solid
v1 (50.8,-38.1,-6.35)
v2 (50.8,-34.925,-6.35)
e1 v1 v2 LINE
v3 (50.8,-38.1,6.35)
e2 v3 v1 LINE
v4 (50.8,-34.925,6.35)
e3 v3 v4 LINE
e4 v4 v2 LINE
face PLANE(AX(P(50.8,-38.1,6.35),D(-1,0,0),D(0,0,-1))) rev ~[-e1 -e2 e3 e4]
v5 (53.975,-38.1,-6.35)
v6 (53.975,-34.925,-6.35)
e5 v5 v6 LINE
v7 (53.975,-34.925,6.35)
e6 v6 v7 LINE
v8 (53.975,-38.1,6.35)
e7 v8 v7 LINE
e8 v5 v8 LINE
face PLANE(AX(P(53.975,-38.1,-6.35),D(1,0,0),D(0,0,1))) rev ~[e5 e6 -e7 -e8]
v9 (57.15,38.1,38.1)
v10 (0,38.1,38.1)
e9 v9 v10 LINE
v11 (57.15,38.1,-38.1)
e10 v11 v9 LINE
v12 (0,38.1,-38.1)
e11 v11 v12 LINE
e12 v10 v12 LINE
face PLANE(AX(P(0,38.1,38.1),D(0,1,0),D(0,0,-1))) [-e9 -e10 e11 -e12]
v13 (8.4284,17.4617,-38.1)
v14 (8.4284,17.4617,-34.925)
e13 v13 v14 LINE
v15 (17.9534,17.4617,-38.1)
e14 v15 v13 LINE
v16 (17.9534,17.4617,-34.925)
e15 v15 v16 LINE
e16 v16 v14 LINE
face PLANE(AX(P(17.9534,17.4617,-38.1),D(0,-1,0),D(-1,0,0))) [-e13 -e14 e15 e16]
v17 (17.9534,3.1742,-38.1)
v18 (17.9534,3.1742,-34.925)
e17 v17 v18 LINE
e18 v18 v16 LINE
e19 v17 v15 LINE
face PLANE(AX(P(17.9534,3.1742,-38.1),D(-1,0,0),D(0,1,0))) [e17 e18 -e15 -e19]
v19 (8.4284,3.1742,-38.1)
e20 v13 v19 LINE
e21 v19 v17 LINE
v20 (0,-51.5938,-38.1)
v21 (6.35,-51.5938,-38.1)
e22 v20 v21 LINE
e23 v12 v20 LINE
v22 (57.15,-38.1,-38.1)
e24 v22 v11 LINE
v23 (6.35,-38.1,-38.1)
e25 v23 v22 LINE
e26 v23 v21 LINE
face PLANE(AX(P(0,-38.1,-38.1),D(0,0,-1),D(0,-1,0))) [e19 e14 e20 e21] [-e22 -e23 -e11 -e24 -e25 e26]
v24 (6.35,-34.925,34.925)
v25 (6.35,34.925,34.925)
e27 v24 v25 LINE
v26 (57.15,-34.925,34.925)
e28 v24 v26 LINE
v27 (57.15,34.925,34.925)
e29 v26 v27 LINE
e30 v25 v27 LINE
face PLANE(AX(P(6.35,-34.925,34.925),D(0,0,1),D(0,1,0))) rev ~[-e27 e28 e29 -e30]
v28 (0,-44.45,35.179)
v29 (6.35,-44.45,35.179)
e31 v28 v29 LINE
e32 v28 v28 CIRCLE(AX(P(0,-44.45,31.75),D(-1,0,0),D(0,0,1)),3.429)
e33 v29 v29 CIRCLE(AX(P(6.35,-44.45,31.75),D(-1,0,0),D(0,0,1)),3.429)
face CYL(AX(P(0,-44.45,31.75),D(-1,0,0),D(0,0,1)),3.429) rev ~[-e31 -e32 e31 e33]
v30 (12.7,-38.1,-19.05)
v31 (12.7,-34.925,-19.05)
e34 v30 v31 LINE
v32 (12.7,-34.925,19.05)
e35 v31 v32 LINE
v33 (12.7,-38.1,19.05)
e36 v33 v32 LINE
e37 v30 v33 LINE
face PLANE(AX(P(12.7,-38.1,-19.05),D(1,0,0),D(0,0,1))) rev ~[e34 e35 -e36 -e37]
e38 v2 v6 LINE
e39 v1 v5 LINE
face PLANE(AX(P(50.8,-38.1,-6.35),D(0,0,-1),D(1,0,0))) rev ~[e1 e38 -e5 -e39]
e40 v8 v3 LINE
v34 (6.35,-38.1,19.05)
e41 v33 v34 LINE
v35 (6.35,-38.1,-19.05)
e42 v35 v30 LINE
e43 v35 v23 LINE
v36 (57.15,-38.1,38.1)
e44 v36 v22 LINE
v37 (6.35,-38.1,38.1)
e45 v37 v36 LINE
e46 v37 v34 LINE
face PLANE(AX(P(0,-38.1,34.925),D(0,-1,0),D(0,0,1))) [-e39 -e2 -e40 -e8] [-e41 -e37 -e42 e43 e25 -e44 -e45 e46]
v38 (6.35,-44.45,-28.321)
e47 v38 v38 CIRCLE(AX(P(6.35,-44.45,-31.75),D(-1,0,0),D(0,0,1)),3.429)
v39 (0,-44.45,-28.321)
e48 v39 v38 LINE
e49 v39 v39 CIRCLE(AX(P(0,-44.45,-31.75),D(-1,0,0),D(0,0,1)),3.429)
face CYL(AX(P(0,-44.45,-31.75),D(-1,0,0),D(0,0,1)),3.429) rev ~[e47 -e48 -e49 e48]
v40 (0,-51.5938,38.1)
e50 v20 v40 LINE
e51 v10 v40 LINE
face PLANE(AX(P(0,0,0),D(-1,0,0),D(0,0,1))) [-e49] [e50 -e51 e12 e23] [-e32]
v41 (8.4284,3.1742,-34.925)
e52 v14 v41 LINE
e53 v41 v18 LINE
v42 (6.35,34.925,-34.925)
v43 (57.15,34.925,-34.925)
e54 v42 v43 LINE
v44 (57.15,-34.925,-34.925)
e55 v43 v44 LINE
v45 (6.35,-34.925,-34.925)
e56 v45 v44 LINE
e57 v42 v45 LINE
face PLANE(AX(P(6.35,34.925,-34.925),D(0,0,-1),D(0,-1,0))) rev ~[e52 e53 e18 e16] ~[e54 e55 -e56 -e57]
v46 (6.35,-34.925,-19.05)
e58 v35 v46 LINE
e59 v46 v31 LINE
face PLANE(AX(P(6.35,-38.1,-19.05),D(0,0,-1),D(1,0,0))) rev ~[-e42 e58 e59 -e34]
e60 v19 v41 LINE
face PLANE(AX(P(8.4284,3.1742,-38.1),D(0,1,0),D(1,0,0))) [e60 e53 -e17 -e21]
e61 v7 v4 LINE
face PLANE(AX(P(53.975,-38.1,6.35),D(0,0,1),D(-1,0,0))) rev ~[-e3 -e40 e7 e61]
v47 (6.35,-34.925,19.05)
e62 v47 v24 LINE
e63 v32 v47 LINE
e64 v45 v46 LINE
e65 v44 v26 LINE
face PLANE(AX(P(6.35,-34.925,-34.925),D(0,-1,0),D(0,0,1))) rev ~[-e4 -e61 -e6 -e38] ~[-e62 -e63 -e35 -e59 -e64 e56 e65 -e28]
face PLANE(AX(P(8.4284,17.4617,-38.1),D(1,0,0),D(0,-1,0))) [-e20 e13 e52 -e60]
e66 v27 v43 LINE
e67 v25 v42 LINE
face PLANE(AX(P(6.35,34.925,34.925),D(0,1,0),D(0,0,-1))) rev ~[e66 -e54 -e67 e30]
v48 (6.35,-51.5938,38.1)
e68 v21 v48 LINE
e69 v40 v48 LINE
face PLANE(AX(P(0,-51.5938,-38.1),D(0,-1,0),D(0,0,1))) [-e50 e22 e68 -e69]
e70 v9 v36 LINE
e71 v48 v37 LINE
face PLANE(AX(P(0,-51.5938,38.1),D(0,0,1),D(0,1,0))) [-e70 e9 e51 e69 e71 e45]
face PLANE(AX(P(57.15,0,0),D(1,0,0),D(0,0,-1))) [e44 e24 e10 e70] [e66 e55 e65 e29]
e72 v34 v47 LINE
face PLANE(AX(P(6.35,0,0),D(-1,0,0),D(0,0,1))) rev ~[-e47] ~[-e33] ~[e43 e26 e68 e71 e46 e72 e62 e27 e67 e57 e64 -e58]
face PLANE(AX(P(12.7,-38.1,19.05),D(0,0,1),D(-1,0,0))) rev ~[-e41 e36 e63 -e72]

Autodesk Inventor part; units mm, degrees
ref_plane "YZ Plane" through (0, 0, 0) normal (1, 0, 0) x (0, 1, 0)
ref_plane "XZ Plane" through (0, 0, 0) normal (0, 1, 0) x (-1, 0, 0)
ref_plane "XY Plane" through (0, 0, 0) normal (0, 0, 1) x (1, 0, 0)
sketch "Sketch1" plane through (0, 0, 0) normal (1, 0, 0) x (0, 1, 0)
  line L0 (-38.1, 38.1) -> (38.1, 38.1)
  line L1 (38.1, 38.1) -> (38.1, -38.1)
  line L2 (38.1, -38.1) -> (-38.1, -38.1)
  line L3 (-38.1, -38.1) -> (-38.1, 38.1)
  line L4 (-38.1, 38.1) -> (0, 38.1)
  line L5 (-38.1, 34.925) -> (-38.1, 38.1)
  point P0 (0, 0)
  dimension "d0" = 76.2
  dimension "d1" = 76.2
  dimension "d2" = 38.1
  dimension "d3" = 38.1
extrude "Extrusion1" add sketch "Sketch1" along normal blind 6.35
sketch "Sketch2" plane through (6.35, 0, 0) normal (1, 0, 0) x (0, 0, -1)
  line L0 (-34.925, 34.925) -> (34.925, 34.925)
  line L1 (34.925, 34.925) -> (34.925, -34.925)
  line L2 (34.925, -34.925) -> (-34.925, -34.925)
  line L3 (-34.925, -34.925) -> (-34.925, 34.925)
  line L4 (38.1, 38.1) -> (-38.1, 38.1) projected
  line L5 (38.1, -38.1) -> (38.1, 38.1) projected
  line L6 (-38.1, 38.1) -> (-38.1, -38.1) projected
  line L7 (-38.1, -38.1) -> (38.1, -38.1) projected
  point P0 (0, 0)
  dimension "d6" = 3.175
  dimension "d7" = 3.175
  dimension "d8" = 3.175
  dimension "d9" = 3.175
extrude "Extrusion2" add sketch "Sketch2" along normal blind 50.8
sketch "Sketch4" plane through (0, -38.1, -38.1) normal (0, 0, -1) x (-1, 0, 0)
  line L0 (0, 0) -> (0, 76.2) projected
  line L1 (0, 76.2) -> (-57.15, 76.2) projected
  line L2 (-57.15, 0) -> (-57.15, 76.2) projected
  line L3 (0, 0) -> (-57.15, 0) projected
  line L4 (-6.35, 3.175) -> (-6.35, 73.025) projected
  line L5 (-8.4284, 41.2742) -> (-17.9534, 41.2742)
  line L6 (-17.9534, 41.2742) -> (-17.9534, 55.5617)
  line L7 (-17.9534, 55.5617) -> (-8.4284, 55.5617)
  line L8 (-8.4284, 55.5617) -> (-8.4284, 41.2742)
  point P0 (0, 38.1)
  dimension "d14" = 14.2875
  dimension "d15" = 9.525
extrude "Extrusion4" cut sketch "Sketch4" against normal blind 6.35 contours L5 L6 L7 L8
sketch "Sketch5" plane through (0, 0, 0) normal (-1, 0, 0) x (0, 0, 1)
  line L0 (-38.1, 38.1) -> (38.1, 38.1) projected
  line L1 (-38.1, -38.1) -> (-38.1, 38.1) projected
  line L2 (38.1, -38.1) -> (-38.1, -38.1) projected
  line L3 (38.1, 38.1) -> (38.1, -38.1) projected
  line L4 (38.1, -38.1) -> (-38.1, -38.1) projected
  line L5 (38.1, -38.1) -> (-38.1, -38.1)
  line L6 (-38.1, -38.1) -> (-38.1, -51.5938)
  line L7 (-38.1, -51.5938) -> (38.1, -51.5938)
  line L8 (38.1, -51.5938) -> (38.1, -38.1)
  circle A0 centre (31.75, -44.45) radius 3.429
  circle A1 centre (-31.75, -44.45) radius 3.429
  point P0 (0, 0)
  point P1 (0, -51.5938)
  dimension "d18" = 6.858
  dimension "d19" = 6.858
  dimension "d20" = 63.5
  dimension "d22" = 7.1437
  dimension "d23" = 7.1437
  dimension "d36" = 6.35
  dimension "d37" = 76.2
  dimension "d38" = 31.75
extrude "Extrusion5" add sketch "Sketch5" against normal blind 6.35 contours L2 L8 L7 L6
sketch "Sketch6" plane through (57.15, -38.1, -38.1) normal (0, -1, 0) x (1, 0, 0)
  line L0 (-50.8, 76.2) -> (-50.8, 0) projected
  line L1 (-50.8, 0) -> (0, 0) projected
  line L2 (0, 76.2) -> (0, 0) projected
  line L3 (-50.8, 76.2) -> (0, 76.2) projected
  line L4 (-57.15, 0) -> (-57.15, 76.2) projected
  line L5 (-57.15, 0) -> (-50.8, 0) projected
  line L6 (-50.8, 76.2) -> (-50.8, 0) projected
  line L7 (-57.15, 76.2) -> (-50.8, 76.2) projected
  line L8 (-50.8, 73.025) -> (-50.8, 3.175) projected
  line L9 (-50.8, 19.05) -> (-44.45, 19.05)
  line L10 (-44.45, 19.05) -> (-44.45, 57.15)
  line L11 (-44.45, 57.15) -> (-50.8, 57.15)
  line L12 (-50.8, 57.15) -> (-50.8, 19.05)
  line L13 (-6.35, 31.75) -> (-3.175, 31.75)
  line L14 (-3.175, 31.75) -> (-3.175, 44.45)
  line L15 (-3.175, 44.45) -> (-6.35, 44.45)
  line L16 (-6.35, 44.45) -> (-6.35, 31.75)
  point P0 (-57.15, 38.1)
  point P1 (-50.8, 38.1)
  point P2 (0, 38.1)
  dimension "d26" = 38.1
  dimension "d27" = 76.2
  dimension "d28" = 38.1
  dimension "d29" = 6.35
  dimension "d32" = 12.7
  dimension "d33" = 3.175
  dimension "d34" = 6.35
  dimension "d35" = 3.175
extrude "Extrusion6" cut sketch "Sketch6" against normal blind 14.2875 contours L11 L10 L9 L0 | L16 L15 L14 L13
equation "\"d2\" = 0.5 * d1"
equation "\"d3\" = 0.5 * d0"
equation "\"d7\" = d6"
equation "\"d8\" = d6"
equation "\"d9\" = d6"
equation "\"d19\" = d18"
equation "\"d22\" = d23"
equation "\"d38\" = 0.5 * d20"
equation "\"d28\" = 0.5 * d27"
equation "\"d34\" = 0.5 * d32"
properties part number "Part_1_box"
